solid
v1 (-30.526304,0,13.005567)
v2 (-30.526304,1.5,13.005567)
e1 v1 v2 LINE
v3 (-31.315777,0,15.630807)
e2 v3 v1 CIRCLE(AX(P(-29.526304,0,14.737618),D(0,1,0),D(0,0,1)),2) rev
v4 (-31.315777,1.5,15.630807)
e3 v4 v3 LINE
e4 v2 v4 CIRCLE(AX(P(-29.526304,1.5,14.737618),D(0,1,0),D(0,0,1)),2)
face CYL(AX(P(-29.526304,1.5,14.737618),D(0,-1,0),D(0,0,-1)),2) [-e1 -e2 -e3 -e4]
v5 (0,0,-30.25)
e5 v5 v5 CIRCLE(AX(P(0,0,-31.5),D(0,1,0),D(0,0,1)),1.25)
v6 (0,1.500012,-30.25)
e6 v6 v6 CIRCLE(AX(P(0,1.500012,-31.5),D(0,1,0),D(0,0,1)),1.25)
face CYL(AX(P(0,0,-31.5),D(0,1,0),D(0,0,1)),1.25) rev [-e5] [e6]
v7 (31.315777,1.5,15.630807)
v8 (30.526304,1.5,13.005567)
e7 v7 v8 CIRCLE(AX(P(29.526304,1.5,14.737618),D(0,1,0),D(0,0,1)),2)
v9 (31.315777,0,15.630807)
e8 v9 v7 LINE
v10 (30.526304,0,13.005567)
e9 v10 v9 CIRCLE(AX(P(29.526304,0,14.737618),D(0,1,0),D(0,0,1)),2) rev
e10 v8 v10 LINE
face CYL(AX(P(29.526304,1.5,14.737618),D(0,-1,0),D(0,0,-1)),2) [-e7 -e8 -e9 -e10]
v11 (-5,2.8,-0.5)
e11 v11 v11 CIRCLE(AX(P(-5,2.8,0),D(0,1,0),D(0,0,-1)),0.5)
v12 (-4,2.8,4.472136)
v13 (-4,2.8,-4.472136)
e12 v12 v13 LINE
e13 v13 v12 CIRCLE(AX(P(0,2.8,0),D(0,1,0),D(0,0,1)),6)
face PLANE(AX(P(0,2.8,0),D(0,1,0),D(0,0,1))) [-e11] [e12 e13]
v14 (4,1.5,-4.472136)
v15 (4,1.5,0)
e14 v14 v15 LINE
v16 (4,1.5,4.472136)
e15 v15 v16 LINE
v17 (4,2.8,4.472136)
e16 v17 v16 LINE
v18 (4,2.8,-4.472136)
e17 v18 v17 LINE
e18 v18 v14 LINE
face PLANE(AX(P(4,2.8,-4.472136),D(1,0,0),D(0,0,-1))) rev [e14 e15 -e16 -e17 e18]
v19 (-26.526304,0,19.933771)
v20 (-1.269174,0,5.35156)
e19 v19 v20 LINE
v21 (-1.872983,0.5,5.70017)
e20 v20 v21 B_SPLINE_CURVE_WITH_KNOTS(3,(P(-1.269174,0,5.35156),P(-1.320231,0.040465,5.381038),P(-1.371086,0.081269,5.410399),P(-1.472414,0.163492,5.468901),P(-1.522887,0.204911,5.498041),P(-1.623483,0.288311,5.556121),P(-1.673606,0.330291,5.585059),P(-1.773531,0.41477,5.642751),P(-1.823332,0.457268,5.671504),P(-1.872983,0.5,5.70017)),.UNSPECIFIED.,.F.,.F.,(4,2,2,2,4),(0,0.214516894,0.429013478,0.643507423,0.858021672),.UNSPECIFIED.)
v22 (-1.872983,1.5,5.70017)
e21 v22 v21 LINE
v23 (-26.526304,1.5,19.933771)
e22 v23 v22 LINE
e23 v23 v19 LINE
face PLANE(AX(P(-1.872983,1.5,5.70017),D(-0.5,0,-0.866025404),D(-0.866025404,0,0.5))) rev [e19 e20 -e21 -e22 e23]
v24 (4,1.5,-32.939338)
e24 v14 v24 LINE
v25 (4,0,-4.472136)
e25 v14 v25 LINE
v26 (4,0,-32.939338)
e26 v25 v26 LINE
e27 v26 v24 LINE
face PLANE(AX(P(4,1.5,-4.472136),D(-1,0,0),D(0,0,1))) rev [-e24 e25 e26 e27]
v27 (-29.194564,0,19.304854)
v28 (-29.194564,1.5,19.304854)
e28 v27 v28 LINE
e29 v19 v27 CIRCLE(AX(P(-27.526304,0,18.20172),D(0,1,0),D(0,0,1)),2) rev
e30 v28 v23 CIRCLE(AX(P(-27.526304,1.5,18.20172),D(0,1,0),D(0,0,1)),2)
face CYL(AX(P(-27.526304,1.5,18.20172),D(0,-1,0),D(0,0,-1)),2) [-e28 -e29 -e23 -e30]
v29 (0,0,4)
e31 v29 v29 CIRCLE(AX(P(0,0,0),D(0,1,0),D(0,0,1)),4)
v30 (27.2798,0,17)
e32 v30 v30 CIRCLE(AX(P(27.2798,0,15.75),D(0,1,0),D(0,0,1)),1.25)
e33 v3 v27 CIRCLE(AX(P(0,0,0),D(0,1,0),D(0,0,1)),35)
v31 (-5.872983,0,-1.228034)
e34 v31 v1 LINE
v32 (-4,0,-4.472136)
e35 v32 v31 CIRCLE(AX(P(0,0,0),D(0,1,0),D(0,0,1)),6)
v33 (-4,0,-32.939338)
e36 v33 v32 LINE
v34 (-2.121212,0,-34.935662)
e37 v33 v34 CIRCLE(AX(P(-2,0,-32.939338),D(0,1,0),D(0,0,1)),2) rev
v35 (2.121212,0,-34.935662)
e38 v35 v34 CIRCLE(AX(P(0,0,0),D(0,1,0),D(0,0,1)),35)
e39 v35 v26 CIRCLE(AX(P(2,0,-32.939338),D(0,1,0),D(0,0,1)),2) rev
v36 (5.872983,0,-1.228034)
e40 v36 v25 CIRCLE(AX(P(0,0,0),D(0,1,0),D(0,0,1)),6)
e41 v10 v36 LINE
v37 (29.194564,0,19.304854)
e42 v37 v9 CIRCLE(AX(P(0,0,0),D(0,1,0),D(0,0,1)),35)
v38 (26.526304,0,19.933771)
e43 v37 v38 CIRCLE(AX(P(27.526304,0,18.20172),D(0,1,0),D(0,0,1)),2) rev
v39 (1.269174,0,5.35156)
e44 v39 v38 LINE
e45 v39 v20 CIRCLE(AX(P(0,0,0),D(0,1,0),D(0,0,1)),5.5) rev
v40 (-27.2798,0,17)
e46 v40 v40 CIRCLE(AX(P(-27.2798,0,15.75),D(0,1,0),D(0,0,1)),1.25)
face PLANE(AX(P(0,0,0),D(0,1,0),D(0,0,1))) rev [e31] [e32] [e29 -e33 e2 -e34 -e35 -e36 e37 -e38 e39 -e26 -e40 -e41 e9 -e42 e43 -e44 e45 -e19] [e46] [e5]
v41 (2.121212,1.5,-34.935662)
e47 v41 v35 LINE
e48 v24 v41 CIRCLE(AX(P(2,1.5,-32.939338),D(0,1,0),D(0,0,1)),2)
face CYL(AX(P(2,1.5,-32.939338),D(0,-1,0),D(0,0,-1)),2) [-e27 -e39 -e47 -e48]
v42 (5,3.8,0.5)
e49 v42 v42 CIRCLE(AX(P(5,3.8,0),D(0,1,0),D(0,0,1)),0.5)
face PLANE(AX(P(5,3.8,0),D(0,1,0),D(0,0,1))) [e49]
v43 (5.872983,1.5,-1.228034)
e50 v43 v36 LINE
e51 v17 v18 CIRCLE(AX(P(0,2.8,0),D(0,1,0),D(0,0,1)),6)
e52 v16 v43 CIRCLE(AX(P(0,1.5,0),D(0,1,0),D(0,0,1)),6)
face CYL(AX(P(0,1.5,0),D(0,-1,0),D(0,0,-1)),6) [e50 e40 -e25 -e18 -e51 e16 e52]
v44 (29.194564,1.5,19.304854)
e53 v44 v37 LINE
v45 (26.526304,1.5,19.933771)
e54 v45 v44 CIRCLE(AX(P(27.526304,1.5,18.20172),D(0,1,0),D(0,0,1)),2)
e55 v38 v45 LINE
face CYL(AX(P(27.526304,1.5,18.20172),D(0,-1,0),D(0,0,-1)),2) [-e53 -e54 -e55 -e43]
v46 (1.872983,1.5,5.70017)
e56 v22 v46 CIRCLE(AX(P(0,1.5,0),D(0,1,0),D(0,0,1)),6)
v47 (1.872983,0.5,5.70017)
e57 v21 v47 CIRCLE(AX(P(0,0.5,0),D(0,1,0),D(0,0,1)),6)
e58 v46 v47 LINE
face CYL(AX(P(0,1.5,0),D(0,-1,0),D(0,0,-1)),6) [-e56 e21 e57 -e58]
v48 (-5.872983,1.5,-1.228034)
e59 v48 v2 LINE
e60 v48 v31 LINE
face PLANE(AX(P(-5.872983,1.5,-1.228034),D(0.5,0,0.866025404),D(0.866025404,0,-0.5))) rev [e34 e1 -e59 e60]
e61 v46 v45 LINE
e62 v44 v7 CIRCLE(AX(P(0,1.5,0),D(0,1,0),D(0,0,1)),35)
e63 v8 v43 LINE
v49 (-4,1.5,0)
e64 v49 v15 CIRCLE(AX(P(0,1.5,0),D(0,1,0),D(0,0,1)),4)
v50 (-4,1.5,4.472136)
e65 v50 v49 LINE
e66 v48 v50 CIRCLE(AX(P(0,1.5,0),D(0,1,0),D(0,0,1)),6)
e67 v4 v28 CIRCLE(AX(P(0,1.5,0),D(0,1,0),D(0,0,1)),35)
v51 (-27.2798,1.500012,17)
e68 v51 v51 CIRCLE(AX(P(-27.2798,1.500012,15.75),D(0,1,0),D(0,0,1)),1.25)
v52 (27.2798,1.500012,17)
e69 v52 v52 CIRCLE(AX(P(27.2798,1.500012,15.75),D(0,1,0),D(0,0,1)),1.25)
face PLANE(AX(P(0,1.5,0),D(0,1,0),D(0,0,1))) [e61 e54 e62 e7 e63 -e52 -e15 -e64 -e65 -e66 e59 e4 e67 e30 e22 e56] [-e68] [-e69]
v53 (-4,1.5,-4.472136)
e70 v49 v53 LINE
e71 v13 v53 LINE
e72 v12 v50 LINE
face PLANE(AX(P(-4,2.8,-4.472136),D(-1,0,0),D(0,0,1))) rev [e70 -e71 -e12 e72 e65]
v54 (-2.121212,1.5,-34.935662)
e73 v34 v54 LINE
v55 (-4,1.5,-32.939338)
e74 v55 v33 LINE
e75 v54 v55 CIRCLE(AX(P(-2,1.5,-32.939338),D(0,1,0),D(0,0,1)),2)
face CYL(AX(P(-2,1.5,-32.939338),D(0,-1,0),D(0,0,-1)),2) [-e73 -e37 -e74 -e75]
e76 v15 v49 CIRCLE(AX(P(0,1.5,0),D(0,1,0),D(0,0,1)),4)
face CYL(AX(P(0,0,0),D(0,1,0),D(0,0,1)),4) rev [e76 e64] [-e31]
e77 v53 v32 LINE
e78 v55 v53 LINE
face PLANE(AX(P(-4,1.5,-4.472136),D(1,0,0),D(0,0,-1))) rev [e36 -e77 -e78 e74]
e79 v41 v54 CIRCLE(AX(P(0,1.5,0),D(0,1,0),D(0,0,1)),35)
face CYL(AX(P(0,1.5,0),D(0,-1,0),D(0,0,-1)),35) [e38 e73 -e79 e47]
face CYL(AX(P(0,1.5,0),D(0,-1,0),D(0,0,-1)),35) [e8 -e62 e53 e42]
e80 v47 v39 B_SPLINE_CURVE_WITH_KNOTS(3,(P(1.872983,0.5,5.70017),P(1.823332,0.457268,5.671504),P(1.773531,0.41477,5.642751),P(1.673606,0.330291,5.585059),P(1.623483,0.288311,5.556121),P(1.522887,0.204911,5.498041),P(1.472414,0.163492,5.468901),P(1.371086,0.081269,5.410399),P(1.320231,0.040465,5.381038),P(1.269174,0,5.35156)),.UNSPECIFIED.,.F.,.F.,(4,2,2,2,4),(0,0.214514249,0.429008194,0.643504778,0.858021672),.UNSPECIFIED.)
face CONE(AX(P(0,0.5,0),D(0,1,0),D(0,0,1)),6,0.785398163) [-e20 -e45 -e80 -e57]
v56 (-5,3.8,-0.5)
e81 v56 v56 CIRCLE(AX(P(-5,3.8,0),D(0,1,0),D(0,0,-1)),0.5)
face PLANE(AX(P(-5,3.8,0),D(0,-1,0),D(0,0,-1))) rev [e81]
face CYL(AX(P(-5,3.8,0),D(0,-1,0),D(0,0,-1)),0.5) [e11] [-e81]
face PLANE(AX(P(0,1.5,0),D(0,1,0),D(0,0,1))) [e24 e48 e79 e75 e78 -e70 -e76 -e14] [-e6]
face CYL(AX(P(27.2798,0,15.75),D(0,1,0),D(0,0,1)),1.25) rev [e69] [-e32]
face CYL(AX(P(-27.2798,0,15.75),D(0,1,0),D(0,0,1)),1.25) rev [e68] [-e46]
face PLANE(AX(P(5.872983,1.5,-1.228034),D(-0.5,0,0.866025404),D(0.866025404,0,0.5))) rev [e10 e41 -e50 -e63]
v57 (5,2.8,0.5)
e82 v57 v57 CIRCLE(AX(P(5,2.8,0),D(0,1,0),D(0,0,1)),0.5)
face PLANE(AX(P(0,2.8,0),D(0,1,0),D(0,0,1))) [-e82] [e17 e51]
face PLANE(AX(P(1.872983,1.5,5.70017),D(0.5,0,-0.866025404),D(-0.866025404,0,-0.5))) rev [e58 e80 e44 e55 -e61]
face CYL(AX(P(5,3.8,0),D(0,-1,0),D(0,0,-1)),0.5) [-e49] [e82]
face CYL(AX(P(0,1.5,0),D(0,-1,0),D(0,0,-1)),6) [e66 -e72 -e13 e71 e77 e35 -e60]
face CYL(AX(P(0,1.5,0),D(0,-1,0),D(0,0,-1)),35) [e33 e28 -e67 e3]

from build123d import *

# Parameters (mm, degrees)
EXTRUDE_1_DEPTH          = 1.5
FILLET_1_R               = 2
CUT_EXTRUDE_1_DEPTH      = 48.129161057
CUT_EXTRUDE_1_DEPTH_BACK = 48.129161057
SKETCH_2_R               = 1.25
EXTRUDE_2_DEPTH          = 1.3
SKETCH_5_R               = 0.5
EXTRUDE_3_DEPTH          = 1
CUT_EXTRUDE_2_DEPTH      = 48.161401823
CUT_EXTRUDE_2_DEPTH_BACK = 48.161401823
SKETCH_6_R               = 4
CHAMFER_1_SIZE           = 0.5


with BuildPart() as part:
    # 草图1 → 凸台-拉伸1 (new body)
    with BuildSketch(Plane(origin=(0, 0, 0), x_dir=(1, 0, 0), z_dir=(0, 1, 0))):
        with BuildLine():
            Line((4, 4.472135955), (4, 34.770677301))
            ThreePointArc((4, 34.770677301), (0, 35), (-4, 34.770677301))
            Line((-4, 34.770677301), (-4, 4.472135955))
            ThreePointArc((-4, 4.472135955), (-5.196152423, 3), (-5.872983346, 1.228033638))
            Line((-5.872983346, 1.228033638), (-32.11228985, -13.921237036))
            ThreePointArc((-32.11228985, -13.921237036), (-30.310889132, -17.5), (-28.11228985, -20.849440266))
            Line((-28.11228985, -20.849440266), (-1.872983346, -5.700169593))
            ThreePointArc((-1.872983346, -5.700169593), (0, -6), (1.872983346, -5.700169593))
            Line((1.872983346, -5.700169593), (28.11228985, -20.849440266))
            ThreePointArc((28.11228985, -20.849440266), (30.310889132, -17.5), (32.11228985, -13.921237036))
            Line((32.11228985, -13.921237036), (5.872983346, 1.228033638))
            ThreePointArc((5.872983346, 1.228033638), (5.196152423, 3), (4, 4.472135955))
        make_face()
    extrude(amount=EXTRUDE_1_DEPTH)

    # 圆角1
    fillet_1_edges = [part.edges().sort_by_distance(p)[0] for p in [
        (32.11228985, 0.75, 13.921237036),
        (28.11228985, 0.75, 20.849440266),
        (-28.11228985, 0.75, 20.849440266),
        (-32.11228985, 0.75, 13.921237036),
        (-4, 0.75, -34.770677301),
        (4, 0.75, -34.770677301),
    ]]
    fillet(fillet_1_edges, radius=FILLET_1_R)

    # 草图2 → 切除-拉伸1 (cut, two sides: drawn at the far end of the back side and taken through both)
    with BuildSketch(Plane(origin=(0, 1.5, 0), x_dir=(1, 0, 0), z_dir=(0, 1, 0)).offset(-CUT_EXTRUDE_1_DEPTH_BACK)):
        with Locations(Location((0, 31.5, 0), (0, 0, 270))):
            Circle(SKETCH_2_R)
        with Locations(Location((27.279800219, -15.75, 0), (0, 0, 270))):
            Circle(SKETCH_2_R)
        with Locations(Location((-27.279800219, -15.75, 0), (0, 0, 270))):
            Circle(SKETCH_2_R)
    extrude(amount=CUT_EXTRUDE_1_DEPTH + CUT_EXTRUDE_1_DEPTH_BACK, mode=Mode.SUBTRACT)

    # 草图4 → 凸台-拉伸2 (add)
    with BuildSketch(Plane(origin=(0, 1.5, 0), x_dir=(1, 0, 0), z_dir=(0, 1, 0))):
        with BuildLine():
            Line((-4, 4.472135955), (-4, -4.472135955))
            ThreePointArc((-4, -4.472135955), (-6, 0), (-4, 4.472135955))
        make_face()
        with BuildLine():
            Line((4, 4.472135955), (4, -4.472135955))
            ThreePointArc((4, -4.472135955), (6, 0), (4, 4.472135955))
        make_face()
    extrude(amount=EXTRUDE_2_DEPTH)

    # 草图5 → 凸台-拉伸3 (add)
    with BuildSketch(Plane(origin=(0, 2.8, 0), x_dir=(1, 0, 0), z_dir=(0, 1, 0))):
        with Locations(Location((5, 0, 0), (0, 0, 270))):
            Circle(SKETCH_5_R)
        with Locations(Location((-5, 0, 0), (0, 0, 90))):
            Circle(SKETCH_5_R)
    extrude(amount=EXTRUDE_3_DEPTH)

    # 草图6 → 切除-拉伸2 (cut, two sides: drawn at the far end of the back side and taken through both)
    with BuildSketch(Plane(origin=(0, 1.5, 0), x_dir=(1, 0, 0), z_dir=(0, 1, 0)).offset(-CUT_EXTRUDE_2_DEPTH_BACK)):
        with Locations(Location((0, 0, 0), (0, 0, 270))):
            Circle(SKETCH_6_R)
    extrude(amount=CUT_EXTRUDE_2_DEPTH + CUT_EXTRUDE_2_DEPTH_BACK, mode=Mode.SUBTRACT)

    # 倒角1
    chamfer_1_edges = [part.edges().sort_by_distance(p)[0] for p in [
        (0, 0, 6),
    ]]
    chamfer(chamfer_1_edges, length=CHAMFER_1_SIZE)


solid = part.part
